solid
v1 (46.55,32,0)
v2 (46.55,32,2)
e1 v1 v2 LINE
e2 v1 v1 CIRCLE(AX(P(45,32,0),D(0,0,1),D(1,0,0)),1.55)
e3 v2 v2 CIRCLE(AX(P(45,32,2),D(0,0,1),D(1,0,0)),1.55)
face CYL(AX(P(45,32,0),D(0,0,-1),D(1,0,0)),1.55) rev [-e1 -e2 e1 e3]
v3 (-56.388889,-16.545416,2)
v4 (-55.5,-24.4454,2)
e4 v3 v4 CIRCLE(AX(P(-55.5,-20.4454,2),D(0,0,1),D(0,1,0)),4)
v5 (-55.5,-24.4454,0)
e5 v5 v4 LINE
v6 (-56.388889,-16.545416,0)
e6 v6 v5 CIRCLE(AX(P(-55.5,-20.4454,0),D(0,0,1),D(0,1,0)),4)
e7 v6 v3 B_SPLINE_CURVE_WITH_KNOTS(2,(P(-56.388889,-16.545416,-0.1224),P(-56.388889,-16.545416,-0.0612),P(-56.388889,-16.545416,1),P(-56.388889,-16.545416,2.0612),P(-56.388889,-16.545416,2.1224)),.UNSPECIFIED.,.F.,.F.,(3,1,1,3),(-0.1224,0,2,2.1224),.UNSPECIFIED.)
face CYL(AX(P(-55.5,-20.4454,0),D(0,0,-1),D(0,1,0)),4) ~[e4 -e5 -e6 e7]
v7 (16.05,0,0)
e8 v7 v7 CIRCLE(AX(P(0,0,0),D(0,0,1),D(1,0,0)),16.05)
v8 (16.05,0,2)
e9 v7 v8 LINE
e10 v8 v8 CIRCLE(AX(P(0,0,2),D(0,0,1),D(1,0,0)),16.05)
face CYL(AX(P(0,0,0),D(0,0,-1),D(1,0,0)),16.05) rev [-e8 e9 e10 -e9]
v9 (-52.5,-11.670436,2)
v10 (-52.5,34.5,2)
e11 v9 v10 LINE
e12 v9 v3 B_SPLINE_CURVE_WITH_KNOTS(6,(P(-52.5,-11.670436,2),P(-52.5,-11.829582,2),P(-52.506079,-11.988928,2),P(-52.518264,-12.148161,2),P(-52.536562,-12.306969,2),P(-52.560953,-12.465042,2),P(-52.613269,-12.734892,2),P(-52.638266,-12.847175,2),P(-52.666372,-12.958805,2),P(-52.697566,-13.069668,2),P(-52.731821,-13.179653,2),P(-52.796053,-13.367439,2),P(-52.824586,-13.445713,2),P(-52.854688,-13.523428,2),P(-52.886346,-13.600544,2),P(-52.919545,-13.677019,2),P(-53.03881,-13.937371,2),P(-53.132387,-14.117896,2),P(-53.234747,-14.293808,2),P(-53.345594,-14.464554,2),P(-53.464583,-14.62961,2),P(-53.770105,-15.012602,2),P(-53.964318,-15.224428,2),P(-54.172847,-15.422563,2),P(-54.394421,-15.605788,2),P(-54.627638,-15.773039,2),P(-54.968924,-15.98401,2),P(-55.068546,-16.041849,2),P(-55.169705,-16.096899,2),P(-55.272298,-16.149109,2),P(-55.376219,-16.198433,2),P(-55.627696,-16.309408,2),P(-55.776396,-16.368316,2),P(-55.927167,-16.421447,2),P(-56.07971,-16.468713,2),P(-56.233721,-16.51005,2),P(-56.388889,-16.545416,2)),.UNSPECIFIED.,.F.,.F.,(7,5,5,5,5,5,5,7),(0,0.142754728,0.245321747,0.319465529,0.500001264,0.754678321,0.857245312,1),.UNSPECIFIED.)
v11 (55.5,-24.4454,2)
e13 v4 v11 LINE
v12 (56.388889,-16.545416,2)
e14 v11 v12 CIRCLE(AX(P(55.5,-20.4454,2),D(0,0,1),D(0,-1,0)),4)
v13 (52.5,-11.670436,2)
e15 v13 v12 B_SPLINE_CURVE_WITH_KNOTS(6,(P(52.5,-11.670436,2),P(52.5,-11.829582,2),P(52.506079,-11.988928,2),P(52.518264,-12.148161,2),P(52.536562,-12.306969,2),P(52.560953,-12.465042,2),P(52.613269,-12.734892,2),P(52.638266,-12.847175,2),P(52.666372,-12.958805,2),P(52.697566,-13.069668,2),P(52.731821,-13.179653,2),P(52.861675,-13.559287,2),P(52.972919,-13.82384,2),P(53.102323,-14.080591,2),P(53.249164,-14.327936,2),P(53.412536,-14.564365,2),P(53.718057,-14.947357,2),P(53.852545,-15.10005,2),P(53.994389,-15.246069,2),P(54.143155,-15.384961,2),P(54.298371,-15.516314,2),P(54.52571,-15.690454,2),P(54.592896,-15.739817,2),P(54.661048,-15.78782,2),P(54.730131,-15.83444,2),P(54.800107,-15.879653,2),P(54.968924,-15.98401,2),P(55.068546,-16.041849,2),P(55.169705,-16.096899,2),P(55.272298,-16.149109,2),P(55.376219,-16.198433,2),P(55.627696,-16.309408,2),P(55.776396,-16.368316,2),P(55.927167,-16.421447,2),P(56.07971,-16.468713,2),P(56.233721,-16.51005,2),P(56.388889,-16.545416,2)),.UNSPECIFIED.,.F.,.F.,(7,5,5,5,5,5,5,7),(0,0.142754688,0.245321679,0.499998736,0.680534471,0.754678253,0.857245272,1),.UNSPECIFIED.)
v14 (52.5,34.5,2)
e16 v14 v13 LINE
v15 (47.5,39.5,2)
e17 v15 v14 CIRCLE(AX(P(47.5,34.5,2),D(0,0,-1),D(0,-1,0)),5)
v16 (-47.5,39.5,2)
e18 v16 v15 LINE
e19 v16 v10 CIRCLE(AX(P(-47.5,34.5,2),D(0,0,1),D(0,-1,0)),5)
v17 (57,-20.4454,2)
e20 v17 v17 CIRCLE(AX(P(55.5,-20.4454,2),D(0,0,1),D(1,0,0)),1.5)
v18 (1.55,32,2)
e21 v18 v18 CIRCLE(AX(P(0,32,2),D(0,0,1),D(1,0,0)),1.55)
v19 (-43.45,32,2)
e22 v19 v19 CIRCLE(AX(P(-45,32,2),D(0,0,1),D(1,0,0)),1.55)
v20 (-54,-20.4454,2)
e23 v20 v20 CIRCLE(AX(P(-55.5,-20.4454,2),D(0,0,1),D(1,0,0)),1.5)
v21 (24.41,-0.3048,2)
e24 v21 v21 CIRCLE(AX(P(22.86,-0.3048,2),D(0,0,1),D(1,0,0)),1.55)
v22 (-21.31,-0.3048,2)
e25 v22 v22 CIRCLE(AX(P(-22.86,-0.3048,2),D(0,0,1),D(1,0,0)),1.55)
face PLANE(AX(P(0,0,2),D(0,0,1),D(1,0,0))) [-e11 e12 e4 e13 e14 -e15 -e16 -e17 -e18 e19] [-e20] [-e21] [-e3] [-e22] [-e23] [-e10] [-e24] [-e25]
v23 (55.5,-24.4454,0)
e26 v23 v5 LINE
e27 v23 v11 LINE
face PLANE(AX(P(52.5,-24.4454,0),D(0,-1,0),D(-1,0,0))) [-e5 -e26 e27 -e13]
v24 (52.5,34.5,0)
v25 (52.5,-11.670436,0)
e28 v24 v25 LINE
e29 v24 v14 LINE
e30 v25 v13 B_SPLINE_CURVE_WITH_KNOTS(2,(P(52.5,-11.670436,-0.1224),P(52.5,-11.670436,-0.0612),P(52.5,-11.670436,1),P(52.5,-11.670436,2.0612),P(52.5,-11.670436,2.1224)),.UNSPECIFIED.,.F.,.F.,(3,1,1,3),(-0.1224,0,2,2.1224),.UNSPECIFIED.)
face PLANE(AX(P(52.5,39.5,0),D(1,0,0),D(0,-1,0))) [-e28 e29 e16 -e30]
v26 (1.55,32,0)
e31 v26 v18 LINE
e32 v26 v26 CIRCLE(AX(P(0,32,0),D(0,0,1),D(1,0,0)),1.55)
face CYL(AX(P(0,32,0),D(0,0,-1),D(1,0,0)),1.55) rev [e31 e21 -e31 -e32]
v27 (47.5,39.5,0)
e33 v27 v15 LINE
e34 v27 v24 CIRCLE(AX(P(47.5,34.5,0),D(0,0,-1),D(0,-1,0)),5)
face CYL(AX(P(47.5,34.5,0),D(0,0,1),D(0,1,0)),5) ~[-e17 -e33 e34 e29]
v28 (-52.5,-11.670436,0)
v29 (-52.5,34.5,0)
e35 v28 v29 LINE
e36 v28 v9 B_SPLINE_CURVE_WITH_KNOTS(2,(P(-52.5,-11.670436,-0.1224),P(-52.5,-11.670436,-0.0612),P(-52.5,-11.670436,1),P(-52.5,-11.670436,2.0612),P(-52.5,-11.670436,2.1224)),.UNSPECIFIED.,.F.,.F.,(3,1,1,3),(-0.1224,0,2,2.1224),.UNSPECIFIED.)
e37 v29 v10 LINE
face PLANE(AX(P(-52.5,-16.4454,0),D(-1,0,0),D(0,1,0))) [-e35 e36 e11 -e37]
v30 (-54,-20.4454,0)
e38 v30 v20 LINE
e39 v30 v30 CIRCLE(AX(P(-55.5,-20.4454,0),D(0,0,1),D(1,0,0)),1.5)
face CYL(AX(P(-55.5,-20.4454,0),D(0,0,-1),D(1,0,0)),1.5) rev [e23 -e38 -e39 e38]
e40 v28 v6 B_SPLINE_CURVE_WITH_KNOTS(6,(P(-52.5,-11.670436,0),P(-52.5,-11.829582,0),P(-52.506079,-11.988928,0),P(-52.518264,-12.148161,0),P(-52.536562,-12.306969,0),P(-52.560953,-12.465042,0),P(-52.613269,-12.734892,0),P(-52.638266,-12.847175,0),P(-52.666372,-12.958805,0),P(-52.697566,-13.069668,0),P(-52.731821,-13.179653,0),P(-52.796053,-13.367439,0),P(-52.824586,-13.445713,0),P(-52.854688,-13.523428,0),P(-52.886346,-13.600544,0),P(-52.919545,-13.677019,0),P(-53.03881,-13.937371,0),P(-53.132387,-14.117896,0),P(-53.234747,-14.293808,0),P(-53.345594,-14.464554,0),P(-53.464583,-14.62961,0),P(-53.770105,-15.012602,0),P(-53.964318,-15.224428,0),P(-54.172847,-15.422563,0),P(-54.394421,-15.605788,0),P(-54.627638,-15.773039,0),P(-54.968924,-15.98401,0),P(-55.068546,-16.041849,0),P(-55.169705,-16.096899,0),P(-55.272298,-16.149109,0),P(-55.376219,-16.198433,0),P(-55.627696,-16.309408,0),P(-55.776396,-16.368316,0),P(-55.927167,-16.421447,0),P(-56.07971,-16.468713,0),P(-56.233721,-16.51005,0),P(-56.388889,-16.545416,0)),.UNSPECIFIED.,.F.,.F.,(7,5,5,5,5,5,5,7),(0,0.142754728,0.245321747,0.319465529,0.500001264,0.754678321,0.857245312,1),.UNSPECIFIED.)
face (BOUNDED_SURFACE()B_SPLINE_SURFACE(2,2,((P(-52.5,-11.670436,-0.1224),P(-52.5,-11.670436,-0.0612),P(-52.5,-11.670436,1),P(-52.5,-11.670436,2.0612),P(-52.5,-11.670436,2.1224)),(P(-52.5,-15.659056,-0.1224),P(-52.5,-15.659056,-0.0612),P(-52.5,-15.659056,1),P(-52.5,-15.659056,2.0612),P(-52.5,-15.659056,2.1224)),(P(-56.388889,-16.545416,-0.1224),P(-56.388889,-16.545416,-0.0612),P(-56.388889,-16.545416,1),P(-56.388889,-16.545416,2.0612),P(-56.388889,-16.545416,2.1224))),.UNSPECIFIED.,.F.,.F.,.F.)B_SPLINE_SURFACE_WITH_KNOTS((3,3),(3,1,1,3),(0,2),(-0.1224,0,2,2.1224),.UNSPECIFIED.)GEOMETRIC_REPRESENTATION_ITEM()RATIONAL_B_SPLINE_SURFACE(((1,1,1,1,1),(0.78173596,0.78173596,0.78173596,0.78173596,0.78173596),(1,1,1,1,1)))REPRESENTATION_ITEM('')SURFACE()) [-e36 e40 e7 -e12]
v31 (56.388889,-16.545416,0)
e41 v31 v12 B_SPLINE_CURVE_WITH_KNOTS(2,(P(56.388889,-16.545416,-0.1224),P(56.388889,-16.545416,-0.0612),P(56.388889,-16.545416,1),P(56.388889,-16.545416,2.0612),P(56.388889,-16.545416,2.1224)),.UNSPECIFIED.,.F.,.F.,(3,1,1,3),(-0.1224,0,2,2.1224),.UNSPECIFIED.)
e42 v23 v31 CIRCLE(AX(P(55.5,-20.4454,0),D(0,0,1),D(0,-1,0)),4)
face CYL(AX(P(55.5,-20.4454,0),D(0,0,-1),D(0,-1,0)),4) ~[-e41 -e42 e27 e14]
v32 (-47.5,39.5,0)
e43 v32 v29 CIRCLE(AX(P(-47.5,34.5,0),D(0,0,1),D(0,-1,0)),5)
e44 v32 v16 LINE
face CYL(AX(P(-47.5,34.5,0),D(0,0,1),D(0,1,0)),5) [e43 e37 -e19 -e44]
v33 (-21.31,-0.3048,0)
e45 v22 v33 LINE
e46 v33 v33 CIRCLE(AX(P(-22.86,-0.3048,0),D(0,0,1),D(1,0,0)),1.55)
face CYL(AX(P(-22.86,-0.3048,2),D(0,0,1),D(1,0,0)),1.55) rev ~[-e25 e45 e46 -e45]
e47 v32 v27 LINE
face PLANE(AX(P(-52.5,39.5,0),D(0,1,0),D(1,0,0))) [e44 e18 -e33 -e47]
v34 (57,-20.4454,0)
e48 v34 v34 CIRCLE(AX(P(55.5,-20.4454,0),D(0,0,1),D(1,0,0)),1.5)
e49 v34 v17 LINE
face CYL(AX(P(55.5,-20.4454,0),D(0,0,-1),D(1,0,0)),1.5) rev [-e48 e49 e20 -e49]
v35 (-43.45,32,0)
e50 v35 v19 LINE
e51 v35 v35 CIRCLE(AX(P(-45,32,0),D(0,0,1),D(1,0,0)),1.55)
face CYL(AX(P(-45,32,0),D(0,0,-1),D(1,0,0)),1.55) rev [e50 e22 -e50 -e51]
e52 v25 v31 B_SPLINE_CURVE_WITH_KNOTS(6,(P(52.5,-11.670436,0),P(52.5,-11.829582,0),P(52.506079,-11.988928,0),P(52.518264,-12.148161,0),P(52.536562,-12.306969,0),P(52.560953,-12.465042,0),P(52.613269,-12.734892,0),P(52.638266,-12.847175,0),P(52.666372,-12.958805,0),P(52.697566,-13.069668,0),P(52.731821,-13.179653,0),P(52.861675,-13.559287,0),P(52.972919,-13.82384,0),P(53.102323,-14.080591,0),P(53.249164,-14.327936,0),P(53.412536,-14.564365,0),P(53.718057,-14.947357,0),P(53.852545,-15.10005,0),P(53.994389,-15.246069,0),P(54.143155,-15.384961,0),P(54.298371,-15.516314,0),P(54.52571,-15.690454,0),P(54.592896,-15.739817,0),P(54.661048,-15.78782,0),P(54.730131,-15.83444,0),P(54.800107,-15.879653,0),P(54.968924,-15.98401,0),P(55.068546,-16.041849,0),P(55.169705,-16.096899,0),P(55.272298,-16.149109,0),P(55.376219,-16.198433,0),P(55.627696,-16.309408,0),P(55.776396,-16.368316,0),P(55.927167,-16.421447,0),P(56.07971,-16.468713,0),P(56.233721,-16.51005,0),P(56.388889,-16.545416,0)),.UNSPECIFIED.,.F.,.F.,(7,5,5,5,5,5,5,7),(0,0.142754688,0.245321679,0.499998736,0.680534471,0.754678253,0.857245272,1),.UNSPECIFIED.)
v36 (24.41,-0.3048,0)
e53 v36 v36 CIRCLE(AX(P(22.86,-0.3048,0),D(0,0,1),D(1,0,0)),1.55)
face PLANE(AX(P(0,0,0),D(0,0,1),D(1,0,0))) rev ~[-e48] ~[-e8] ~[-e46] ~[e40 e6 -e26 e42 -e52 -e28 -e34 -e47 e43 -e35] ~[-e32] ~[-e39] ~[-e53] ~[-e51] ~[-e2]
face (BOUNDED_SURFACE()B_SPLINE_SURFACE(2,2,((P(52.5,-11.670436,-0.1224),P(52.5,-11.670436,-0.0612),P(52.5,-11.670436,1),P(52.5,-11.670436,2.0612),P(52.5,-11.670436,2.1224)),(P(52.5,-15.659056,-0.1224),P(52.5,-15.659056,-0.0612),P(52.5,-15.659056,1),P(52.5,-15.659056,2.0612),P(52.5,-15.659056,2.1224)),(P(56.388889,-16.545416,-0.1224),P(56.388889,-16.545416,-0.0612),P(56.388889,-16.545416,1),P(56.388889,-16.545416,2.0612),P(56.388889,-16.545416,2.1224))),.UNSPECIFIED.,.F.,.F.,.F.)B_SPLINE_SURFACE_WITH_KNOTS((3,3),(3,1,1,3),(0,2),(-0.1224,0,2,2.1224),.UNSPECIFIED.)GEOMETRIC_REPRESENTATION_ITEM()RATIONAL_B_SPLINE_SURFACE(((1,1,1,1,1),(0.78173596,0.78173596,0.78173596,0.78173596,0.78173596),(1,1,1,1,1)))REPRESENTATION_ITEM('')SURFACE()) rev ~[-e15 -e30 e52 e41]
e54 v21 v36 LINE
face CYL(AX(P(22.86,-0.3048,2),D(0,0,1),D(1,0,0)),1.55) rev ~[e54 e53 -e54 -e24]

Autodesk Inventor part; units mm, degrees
ref_plane "YZ Plane" through (0, 0, 0) normal (1, 0, 0) x (0, 1, 0)
ref_plane "XZ Plane" through (0, 0, 0) normal (0, 1, 0) x (-1, 0, 0)
ref_plane "XY Plane" through (0, 0, 0) normal (0, 0, 1) x (1, 0, 0)
sketch "スケッチ1" plane through (0, 0, 0) normal (0, 0, 1) x (1, 0, 0)
  circle A0 centre (0, 0) radius 52.5 construction
  circle A1 centre (0, 0) radius 12.55 construction
  circle A2 centre (-12.3744, 12.3744) radius 2.05 construction
  circle A3 centre (-12.3744, -12.3744) radius 2.05 construction
  circle A4 centre (12.3744, -12.3744) radius 2.05 construction
  circle A5 centre (12.3744, 12.3744) radius 2.05 construction
  line L0 (0, 0) -> (-12.3744, 12.3744) construction
  line L1 (0, 0) -> (0, 12.55) construction
  circle A6 centre (0, 0) radius 23.5 construction
  line L2 (-52.5, 39.5) -> (52.5, 39.5)
  line L3 (52.5, 39.5) -> (52.5, -24.4454)
  line L4 (52.5, -24.4454) -> (-52.5, -24.4454)
  line L5 (-52.5, -24.4454) -> (-52.5, 39.5)
  line L6 (-52.5, 24.5) -> (52.5, 24.5) construction
  line L7 (-52.5, 32) -> (52.5, 32) construction
  circle A7 centre (0, 32) radius 1.55
  circle A8 centre (-45, 32) radius 1.55
  circle A9 centre (45, 32) radius 1.55
  circle A10 centre (-19.4454, 19.4454) radius 1.55 construction
  circle A11 centre (-19.4454, -19.4454) radius 1.55 construction
  circle A12 centre (19.4454, -19.4454) radius 1.55 construction
  circle A13 centre (19.4454, 19.4454) radius 1.55 construction
  circle A14 centre (0, 0) radius 16.05
  circle A15 centre (-55.5, -20.4454) radius 1.5
  line L8 (-52.5, -24.4454) -> (-55.5, -24.4454)
  arc A16 (-55.5, -16.4454) -> (-55.5, -24.4454) centre (-55.5, -20.4454) ccw
  line L9 (-55.5, -16.4454) -> (-52.5, -16.4454)
  circle A17 centre (55.5, -20.4454) radius 1.5
  line L10 (52.5, -24.4454) -> (55.5, -24.4454)
  arc A18 (55.5, -24.4454) -> (55.5, -16.4454) centre (55.5, -20.4454) ccw
  line L11 (55.5, -16.4454) -> (52.5, -16.4454)
  point P0 (0, 39.5)
  point P1 (0, 23.5)
  point P2 (0, -52.5)
  dimension "d0" = 105
  dimension "d1" = 25.1
  dimension "d9" = 47
  dimension "d2" = 4.1
  dimension "d5" = 360
  dimension "d7" = 45
  dimension "d8" = 35
  dimension "d10" = 15
  dimension "d18" = 105
  dimension "d20" = 7.5
  dimension "d21" = 3.1
  dimension "d22" = 3.1
  dimension "d23" = 3.1
  dimension "d24" = 90
  dimension "d27" = 3.1
  dimension "d30" = 360
  dimension "d32" = 55
  dimension "d33" = 32.1
  dimension "d41" = 5
  dimension "d42" = 3
  dimension "d43" = 4
  dimension "d44" = 3
  dimension "d45" = 92
extrude "押し出し1" add sketch "スケッチ1" along normal blind 2
sketch "スケッチ2" plane through (0, 0, 2) normal (0, 0, 1) x (1, 0, 0)
  line L0 (-22.86, -0.3048) -> (22.86, -0.3048) construction
  line L1 (0, -0.3048) -> (0, 0) construction
  circle A0 centre (-22.86, -0.3048) radius 1.55
  circle A1 centre (22.86, -0.3048) radius 1.55
  line L2 (0, 0) -> (0, 0.3048) construction
  dimension "d34" = 0.3048
  dimension "d35" = 45.72
  dimension "d36" = 3.1
  dimension "d37" = 3.1
  dimension "d40" = 0.3048
extrude "押し出し2" cut sketch "スケッチ2" against normal through all
fillet "フィレット1" radius 5 4 edges at (-52.5, -16.4454, 1) (-52.5, 39.5, 1) (52.5, 39.5, 1) (52.5, -16.4454, 1)
sketch "スケッチ3" plane through (0, 0, 2) normal (0, 0, 1) x (1, 0, 0)
  arc A0 (52.5, 34.5) -> (47.5, 39.5) centre (47.5, 34.5) ccw projected
  line L0 (47.5, 39.5) -> (-47.5, 39.5) projected
  arc A1 (-47.5, 39.5) -> (-52.5, 34.5) centre (-47.5, 34.5) ccw projected
  line L1 (-52.5, 34.5) -> (-52.5, -11.6705) projected
  arc A2 (-56.3889, -16.5455) -> (-52.5, -11.6705) centre (-57.5, -11.6705) ccw projected
  arc A3 (-56.3889, -16.5455) -> (-55.5, -24.4454) centre (-55.5, -20.4454) ccw projected
  line L2 (-55.5, -24.4454) -> (55.5, -24.4454) projected
  arc A4 (55.5, -24.4454) -> (56.3889, -16.5455) centre (55.5, -20.4454) ccw projected
  arc A5 (52.5, -11.6705) -> (56.3889, -16.5455) centre (57.5, -11.6705) ccw projected
  line L3 (52.5, -11.6705) -> (52.5, 34.5) projected
  circle A6 centre (22.86, -0.3048) radius 1.55 projected
  circle A7 centre (-22.86, -0.3048) radius 1.55 projected
  circle A8 centre (0, 32) radius 1.55 projected
  circle A9 centre (-45, 32) radius 1.55 projected
  circle A10 centre (45, 32) radius 1.55 projected
  circle A11 centre (0, 0) radius 16.05 projected
  circle A12 centre (55.5, -20.4454) radius 1.5 projected
  circle A13 centre (-55.5, -20.4454) radius 1.5 projected
equation "\"d20\" = 0.5 * d10"
equation "\"d40\" = d34"
properties part number "omu_al_jo_3" material "アルミニウム 6061-AHC"
